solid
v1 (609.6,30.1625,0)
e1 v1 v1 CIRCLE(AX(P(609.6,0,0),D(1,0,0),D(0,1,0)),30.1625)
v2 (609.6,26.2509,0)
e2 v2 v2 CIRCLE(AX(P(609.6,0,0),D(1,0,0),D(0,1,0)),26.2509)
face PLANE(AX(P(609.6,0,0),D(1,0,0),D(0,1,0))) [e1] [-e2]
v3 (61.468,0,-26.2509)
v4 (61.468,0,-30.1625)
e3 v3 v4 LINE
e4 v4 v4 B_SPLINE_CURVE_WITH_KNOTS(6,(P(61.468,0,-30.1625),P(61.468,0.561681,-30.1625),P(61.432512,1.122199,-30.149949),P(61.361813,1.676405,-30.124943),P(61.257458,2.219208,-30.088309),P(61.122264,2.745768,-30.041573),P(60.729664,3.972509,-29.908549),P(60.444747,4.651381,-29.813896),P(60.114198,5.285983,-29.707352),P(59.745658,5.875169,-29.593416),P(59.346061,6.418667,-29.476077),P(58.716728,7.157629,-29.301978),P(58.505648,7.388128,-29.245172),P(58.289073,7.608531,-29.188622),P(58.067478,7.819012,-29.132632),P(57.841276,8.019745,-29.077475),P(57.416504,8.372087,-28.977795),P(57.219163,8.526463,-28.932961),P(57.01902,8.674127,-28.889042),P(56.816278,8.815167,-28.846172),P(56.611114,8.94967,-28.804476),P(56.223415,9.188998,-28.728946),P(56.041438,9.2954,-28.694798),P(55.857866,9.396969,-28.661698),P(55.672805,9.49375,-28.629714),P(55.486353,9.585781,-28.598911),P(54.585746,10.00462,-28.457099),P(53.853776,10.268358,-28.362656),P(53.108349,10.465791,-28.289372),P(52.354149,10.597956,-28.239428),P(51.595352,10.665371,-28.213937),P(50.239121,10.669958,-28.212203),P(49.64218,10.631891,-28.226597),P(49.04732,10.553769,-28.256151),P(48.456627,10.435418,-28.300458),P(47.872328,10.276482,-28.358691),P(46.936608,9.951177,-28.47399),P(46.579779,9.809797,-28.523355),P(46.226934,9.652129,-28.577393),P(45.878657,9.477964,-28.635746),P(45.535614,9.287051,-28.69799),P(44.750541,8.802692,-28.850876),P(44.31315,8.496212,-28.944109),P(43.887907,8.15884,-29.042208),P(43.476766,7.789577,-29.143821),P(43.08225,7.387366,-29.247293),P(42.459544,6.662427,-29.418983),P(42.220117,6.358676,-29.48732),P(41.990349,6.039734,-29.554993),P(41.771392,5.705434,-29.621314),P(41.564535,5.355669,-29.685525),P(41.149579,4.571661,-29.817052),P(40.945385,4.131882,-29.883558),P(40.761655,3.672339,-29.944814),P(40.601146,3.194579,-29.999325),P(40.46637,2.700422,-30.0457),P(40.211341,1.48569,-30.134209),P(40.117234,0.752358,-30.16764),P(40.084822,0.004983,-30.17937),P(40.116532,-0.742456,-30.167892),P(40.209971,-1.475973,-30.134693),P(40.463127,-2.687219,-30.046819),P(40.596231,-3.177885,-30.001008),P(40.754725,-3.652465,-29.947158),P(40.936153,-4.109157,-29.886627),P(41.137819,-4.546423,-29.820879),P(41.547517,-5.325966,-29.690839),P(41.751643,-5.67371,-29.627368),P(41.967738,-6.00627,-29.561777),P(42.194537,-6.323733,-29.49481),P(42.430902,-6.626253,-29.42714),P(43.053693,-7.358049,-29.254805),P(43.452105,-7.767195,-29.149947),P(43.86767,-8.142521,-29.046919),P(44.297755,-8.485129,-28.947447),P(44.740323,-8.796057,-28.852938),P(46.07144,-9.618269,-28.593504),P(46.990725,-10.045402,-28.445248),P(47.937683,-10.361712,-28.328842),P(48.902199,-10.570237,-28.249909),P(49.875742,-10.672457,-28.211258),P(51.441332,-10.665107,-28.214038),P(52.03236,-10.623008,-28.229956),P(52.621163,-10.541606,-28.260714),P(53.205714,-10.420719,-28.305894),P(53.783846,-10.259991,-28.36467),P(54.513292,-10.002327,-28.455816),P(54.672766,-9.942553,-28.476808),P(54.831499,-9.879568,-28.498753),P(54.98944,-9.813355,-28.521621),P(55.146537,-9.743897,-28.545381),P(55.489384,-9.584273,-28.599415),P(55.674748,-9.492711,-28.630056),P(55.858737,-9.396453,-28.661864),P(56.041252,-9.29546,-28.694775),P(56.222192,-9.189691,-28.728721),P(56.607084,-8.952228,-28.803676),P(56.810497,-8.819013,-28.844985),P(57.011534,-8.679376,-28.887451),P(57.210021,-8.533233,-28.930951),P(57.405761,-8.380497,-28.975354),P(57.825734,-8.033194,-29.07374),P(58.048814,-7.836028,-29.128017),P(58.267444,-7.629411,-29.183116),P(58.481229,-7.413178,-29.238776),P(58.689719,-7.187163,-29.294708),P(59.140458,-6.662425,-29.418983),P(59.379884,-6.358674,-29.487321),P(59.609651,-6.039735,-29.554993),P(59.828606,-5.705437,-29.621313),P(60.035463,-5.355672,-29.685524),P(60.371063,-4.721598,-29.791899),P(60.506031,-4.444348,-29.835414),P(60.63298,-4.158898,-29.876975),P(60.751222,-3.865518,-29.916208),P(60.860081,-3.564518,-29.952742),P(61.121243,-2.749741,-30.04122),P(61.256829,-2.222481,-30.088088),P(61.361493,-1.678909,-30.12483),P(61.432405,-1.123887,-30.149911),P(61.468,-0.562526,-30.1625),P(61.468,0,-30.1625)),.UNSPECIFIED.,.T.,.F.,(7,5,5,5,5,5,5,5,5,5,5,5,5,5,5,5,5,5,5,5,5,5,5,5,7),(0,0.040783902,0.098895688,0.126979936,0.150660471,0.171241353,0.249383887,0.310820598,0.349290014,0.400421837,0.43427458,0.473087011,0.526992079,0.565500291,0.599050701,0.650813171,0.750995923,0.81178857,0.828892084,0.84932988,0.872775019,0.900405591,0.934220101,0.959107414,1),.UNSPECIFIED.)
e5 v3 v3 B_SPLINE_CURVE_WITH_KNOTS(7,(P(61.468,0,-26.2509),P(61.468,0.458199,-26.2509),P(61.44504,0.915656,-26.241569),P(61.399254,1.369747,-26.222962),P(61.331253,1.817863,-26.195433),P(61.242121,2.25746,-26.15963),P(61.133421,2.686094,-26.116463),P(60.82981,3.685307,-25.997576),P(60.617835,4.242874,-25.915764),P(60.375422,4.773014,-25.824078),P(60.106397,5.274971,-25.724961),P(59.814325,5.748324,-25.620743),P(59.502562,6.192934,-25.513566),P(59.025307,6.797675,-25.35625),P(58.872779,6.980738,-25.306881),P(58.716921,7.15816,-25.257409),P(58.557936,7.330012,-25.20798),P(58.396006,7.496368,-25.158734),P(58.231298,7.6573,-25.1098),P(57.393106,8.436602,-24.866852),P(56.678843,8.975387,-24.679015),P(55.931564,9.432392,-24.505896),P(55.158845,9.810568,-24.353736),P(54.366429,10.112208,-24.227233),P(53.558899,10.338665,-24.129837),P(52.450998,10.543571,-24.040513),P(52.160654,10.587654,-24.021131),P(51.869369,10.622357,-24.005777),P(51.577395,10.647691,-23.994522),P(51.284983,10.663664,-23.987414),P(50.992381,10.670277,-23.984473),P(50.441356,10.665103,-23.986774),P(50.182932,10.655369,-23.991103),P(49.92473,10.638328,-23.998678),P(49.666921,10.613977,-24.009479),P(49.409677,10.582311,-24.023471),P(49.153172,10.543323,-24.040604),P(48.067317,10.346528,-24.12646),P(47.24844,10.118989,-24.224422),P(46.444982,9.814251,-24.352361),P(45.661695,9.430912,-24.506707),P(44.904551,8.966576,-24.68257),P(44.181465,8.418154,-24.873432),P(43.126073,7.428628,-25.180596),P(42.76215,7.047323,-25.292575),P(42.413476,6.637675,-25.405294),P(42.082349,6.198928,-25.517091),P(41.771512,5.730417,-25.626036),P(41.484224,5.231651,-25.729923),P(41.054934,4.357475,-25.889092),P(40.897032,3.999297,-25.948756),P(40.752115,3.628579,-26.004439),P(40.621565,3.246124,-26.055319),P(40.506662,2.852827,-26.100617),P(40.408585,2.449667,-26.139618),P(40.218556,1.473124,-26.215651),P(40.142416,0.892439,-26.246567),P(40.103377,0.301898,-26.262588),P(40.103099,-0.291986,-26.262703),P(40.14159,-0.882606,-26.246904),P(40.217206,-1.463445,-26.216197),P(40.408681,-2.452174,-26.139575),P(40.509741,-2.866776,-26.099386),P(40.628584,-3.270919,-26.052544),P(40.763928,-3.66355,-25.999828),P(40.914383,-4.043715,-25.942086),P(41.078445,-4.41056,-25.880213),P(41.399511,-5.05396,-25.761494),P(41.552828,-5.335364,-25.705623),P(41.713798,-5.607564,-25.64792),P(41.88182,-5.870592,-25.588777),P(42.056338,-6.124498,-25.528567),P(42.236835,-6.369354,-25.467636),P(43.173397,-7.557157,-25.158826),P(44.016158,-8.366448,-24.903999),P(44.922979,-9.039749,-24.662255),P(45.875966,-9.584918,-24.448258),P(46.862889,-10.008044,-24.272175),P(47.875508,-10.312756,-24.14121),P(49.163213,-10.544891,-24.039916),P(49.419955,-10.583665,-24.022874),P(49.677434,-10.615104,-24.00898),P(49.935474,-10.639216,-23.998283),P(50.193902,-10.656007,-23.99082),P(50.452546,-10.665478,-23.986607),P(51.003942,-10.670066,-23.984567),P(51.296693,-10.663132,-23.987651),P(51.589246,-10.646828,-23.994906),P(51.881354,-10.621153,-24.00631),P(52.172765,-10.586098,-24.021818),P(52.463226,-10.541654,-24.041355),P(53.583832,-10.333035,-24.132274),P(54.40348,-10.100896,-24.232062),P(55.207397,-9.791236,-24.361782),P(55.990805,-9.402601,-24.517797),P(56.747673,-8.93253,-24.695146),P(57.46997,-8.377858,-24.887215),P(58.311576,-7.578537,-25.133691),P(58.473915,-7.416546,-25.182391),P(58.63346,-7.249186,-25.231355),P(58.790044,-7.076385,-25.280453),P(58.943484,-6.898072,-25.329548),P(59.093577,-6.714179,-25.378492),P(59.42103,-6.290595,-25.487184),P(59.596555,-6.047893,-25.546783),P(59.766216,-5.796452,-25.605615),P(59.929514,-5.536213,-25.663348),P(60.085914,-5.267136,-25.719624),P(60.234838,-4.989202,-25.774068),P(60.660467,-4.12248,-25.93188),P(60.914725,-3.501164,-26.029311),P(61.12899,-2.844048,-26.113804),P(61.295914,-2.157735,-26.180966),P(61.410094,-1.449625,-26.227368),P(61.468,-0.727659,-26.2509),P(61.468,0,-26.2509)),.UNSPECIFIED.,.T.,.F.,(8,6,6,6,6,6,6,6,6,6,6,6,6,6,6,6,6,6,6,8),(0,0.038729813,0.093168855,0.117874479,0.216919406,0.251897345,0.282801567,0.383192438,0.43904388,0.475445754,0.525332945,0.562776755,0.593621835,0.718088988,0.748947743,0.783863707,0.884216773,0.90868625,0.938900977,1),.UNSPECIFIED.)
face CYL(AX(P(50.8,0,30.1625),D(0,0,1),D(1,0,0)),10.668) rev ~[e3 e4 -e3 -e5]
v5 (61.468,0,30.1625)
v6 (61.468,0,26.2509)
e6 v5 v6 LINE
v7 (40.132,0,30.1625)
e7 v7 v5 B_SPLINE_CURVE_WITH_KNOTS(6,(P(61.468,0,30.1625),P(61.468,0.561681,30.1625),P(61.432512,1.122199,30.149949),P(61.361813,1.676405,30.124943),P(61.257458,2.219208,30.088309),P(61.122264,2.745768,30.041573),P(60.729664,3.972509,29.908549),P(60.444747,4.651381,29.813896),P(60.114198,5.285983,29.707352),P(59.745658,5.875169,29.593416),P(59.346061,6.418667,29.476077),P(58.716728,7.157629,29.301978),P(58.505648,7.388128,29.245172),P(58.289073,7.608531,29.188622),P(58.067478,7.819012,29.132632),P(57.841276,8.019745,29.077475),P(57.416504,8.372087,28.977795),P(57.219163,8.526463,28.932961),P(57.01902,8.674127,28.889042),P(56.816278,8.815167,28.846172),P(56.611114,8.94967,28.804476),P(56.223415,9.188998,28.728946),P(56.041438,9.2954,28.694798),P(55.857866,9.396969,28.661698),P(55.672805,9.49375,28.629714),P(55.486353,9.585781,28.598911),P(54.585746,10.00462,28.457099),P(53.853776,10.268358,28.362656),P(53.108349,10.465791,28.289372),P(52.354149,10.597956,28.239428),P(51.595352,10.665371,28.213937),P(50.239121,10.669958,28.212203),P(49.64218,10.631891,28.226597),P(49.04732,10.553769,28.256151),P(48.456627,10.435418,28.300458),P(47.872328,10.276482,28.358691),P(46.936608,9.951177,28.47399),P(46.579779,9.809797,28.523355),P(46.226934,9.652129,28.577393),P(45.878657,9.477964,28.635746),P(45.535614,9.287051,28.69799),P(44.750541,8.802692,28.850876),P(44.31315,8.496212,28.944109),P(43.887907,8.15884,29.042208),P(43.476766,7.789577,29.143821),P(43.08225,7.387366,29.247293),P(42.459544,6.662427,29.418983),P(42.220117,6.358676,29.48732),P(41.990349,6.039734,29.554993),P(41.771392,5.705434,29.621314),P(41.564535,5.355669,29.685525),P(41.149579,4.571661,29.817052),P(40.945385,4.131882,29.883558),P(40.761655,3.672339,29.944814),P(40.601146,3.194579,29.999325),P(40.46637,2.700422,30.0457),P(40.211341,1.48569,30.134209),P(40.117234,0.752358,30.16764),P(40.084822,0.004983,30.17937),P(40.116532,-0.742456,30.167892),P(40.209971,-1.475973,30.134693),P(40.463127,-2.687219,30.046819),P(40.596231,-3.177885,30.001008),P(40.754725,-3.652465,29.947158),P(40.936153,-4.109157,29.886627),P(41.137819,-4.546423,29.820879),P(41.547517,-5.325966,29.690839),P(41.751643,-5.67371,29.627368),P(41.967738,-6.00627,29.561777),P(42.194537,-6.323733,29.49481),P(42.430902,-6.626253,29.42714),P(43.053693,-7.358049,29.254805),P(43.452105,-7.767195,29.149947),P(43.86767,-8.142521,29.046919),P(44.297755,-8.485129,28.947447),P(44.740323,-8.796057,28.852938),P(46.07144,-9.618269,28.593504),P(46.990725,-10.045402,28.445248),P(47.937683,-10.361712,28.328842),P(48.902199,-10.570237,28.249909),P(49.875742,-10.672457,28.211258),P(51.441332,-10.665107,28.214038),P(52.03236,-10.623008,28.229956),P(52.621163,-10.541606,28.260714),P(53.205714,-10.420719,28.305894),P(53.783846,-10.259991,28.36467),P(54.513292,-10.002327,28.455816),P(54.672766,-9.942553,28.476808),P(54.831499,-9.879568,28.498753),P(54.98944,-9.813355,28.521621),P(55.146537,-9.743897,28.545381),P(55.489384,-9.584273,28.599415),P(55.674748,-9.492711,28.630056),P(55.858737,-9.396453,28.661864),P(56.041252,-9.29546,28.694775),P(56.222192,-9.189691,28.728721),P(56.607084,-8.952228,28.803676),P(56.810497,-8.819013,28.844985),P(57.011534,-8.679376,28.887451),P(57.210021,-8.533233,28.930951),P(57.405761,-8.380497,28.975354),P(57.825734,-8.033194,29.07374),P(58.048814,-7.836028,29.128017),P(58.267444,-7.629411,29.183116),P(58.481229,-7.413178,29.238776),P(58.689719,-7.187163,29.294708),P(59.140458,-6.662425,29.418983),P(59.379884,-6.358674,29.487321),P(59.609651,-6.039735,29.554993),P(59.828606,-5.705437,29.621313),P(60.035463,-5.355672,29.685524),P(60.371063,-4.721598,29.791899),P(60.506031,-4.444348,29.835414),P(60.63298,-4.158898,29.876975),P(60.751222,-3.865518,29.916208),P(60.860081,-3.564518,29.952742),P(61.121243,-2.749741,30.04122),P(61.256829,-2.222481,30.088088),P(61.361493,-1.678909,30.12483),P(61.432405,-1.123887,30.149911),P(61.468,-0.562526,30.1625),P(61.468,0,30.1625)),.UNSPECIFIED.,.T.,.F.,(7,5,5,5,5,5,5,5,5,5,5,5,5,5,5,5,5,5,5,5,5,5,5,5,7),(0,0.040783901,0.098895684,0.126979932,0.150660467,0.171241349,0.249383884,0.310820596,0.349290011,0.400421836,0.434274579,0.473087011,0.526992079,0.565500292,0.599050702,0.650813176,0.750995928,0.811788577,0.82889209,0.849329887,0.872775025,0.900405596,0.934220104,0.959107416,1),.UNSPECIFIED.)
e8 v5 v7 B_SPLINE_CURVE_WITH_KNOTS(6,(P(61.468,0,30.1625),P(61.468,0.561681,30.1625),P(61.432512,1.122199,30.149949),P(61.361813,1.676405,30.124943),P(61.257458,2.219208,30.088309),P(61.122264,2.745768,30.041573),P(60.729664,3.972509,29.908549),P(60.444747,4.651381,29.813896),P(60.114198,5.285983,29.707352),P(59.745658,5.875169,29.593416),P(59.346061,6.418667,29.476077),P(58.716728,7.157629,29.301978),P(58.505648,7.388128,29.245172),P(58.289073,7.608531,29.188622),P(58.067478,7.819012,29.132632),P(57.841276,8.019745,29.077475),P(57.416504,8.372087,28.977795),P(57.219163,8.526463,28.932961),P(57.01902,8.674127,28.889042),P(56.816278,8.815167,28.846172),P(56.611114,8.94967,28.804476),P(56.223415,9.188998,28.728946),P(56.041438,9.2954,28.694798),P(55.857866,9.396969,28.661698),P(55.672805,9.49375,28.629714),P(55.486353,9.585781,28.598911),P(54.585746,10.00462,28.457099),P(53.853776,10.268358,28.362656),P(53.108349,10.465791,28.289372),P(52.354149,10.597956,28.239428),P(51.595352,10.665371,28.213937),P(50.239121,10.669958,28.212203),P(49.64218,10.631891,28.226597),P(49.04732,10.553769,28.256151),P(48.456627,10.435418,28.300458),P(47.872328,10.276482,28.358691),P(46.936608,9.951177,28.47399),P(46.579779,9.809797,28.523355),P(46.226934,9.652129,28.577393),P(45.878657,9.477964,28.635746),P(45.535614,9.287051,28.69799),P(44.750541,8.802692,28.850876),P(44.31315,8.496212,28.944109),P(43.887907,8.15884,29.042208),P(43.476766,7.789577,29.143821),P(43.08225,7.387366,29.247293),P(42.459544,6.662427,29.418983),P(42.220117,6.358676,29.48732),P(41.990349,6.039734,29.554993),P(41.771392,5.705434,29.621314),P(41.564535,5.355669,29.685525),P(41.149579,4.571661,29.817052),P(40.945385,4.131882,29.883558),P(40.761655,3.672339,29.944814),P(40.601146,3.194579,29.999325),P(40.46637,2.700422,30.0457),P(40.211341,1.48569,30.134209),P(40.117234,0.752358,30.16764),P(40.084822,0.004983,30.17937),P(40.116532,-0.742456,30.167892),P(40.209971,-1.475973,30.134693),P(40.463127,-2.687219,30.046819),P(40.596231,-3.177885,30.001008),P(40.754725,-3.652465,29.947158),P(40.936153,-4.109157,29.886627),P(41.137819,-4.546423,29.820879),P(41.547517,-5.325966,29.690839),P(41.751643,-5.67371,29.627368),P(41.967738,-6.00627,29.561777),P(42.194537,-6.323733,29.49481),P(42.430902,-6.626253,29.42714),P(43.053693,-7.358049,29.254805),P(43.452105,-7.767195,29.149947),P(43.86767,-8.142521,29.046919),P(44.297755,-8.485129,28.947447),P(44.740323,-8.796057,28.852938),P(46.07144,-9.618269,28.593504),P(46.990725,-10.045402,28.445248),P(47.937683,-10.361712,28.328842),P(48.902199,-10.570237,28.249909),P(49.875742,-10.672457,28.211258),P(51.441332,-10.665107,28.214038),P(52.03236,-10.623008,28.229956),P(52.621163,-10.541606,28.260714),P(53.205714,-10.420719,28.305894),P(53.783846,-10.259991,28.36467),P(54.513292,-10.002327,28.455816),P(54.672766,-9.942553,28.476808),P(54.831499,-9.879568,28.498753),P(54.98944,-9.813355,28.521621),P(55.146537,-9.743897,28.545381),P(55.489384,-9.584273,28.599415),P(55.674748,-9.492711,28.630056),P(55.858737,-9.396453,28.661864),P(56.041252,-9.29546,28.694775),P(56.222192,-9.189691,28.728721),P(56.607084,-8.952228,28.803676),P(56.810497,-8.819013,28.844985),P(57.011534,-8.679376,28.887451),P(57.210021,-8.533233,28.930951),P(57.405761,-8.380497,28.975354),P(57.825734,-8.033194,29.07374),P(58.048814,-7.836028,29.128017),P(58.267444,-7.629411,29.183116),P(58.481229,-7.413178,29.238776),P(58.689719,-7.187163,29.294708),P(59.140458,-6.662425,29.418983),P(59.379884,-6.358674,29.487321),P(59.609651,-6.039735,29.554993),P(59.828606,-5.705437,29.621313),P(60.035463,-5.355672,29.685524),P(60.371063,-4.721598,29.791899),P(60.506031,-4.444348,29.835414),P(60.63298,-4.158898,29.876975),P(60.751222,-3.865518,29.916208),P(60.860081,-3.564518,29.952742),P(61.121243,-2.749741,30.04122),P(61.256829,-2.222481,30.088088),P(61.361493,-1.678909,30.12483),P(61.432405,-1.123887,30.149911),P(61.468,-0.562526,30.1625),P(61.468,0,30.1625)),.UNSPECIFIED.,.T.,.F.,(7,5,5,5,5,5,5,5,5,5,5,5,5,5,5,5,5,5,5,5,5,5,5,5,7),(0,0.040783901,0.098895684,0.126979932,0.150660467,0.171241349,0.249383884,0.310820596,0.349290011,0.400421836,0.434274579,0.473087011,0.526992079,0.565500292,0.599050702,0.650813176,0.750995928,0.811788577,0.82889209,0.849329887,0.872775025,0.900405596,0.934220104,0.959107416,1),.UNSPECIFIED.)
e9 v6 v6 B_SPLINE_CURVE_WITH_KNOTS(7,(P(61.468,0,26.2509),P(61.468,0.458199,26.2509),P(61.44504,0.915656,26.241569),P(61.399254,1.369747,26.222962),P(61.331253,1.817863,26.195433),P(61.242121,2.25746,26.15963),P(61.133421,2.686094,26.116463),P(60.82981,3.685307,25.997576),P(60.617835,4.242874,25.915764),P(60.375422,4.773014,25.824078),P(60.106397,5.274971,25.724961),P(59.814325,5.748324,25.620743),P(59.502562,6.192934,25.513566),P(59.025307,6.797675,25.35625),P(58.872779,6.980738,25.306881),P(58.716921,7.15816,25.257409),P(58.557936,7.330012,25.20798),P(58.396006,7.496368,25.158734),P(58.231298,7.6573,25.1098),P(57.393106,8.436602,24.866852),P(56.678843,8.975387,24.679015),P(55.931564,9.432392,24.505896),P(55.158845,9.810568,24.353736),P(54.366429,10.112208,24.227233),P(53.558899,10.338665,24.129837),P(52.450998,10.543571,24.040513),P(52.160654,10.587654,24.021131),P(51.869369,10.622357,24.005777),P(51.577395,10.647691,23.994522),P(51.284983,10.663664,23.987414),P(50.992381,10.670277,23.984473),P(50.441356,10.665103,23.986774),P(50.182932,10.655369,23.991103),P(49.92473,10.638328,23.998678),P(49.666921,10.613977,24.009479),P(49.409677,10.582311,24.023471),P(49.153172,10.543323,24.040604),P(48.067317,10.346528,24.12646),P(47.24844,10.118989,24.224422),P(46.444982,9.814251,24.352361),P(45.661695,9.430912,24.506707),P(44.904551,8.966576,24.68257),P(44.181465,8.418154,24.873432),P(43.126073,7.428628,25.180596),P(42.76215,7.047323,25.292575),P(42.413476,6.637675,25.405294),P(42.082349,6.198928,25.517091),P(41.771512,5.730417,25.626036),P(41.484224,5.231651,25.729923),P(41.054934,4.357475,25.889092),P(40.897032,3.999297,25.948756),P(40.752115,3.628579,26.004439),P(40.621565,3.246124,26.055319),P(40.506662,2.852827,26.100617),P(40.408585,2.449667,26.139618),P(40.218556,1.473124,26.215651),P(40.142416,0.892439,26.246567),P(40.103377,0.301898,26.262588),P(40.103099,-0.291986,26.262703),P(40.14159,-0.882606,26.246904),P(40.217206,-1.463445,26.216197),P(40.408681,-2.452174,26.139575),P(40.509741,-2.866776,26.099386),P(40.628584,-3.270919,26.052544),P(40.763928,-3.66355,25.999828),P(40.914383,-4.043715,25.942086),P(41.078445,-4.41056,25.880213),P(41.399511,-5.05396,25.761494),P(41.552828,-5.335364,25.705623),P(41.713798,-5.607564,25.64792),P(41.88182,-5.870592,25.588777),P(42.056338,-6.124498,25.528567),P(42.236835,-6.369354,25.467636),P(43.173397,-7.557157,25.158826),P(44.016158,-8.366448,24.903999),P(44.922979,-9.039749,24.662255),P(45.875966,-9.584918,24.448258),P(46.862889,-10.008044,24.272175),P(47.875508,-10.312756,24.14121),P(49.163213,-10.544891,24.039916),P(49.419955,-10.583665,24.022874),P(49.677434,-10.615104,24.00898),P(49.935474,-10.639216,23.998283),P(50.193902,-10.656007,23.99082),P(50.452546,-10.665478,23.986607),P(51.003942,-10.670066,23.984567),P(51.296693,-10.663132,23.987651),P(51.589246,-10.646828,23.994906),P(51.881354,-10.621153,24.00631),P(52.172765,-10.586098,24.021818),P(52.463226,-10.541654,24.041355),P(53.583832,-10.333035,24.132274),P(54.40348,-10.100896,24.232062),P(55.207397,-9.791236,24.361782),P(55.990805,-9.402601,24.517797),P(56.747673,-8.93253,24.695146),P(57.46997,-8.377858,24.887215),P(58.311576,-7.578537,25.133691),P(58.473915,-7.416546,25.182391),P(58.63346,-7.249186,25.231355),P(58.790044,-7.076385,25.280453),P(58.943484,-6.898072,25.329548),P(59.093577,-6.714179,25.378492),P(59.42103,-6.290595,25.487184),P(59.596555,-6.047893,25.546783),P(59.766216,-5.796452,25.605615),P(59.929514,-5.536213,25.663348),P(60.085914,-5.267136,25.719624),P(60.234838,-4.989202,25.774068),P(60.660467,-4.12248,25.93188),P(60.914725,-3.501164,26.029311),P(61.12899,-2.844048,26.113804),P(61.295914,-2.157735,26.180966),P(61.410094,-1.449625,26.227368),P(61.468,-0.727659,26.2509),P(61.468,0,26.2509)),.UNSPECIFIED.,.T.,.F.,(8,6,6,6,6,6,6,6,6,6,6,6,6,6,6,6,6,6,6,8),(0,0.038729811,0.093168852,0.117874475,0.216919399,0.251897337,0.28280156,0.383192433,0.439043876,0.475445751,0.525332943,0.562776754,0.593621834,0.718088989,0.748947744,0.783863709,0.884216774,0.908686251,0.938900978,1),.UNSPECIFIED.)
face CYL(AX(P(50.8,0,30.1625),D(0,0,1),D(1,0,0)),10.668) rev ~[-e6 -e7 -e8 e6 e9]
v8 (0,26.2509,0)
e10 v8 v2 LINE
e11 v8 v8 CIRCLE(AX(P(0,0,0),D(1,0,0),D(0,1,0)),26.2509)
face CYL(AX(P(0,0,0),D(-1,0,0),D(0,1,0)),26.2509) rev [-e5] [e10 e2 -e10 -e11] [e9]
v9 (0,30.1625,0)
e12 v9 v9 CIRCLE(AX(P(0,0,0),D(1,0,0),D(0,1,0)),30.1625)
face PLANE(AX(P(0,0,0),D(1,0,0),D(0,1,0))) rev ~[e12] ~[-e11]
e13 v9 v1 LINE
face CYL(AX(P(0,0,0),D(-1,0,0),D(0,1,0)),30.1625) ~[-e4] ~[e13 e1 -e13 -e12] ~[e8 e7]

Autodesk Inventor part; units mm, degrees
ref_plane "YZ Plane" through (0, 0, 0) normal (1, 0, 0) x (0, 1, 0)
ref_plane "XZ Plane" through (0, 0, 0) normal (0, 1, 0) x (-1, 0, 0)
sketch "Sketch3" plane through (0, 0, 0) normal (1, 0, 0) x (0, 1, 0)
  circle A0 centre (0, 0) radius 26.2509
  circle A1 centre (0, 0) radius 30.1625
  dimension "d10" = 60.325
  dimension "d11" = 52.5018
extrude "Extrusion3" add sketch "Sketch3" along normal blind 609.6
ref_plane "Work Plane1" through (0, 0, 30.1625) normal (0, 0, 1) x (1, 0, 0)
sketch "Sketch5" plane through (0, 0, 30.1625) normal (0, 0, 1) x (1, 0, 0)
  circle A0 centre (50.8, 0) radius 10.668
  line L0 (0, 30.1625) -> (0, -30.1625) projected
  point P0 (0, 0)
  dimension "d25" = 21.336
  dimension "d26" = 50.8
extrude "Extrusion5" cut sketch "Sketch5" against normal through all
equation "\"d10\" = cArmOutsideDiam"
equation "\"d11\" = cArmInsideDiam"
equation "\"d12\" = cArmLength"
equation "\"d25\" = cArmAxelHoleDaim"
equation "\"d26\" = cArmSpacing"
equation "\"catapultArmWallThickness\" = 1.5875"
equation "\"catapultArmWidth\" = 50.8"
equation "\"catapultArmLength\" = 1219.2"
equation "\"cArmAxelHoleDaim\" = 21.336"
equation "\"catapultArmHoleDistanceFromEnd\" = 381"
equation "\"cArmInsideDiam\" = 52.5018"
equation "\"cArmOutsideDiam\" = 60.325"
equation "\"cArmLength\" = 609.6"
equation "\"cArmSpacing\" = 50.8"
properties part number "cArmPVC2inchSchedule40"
